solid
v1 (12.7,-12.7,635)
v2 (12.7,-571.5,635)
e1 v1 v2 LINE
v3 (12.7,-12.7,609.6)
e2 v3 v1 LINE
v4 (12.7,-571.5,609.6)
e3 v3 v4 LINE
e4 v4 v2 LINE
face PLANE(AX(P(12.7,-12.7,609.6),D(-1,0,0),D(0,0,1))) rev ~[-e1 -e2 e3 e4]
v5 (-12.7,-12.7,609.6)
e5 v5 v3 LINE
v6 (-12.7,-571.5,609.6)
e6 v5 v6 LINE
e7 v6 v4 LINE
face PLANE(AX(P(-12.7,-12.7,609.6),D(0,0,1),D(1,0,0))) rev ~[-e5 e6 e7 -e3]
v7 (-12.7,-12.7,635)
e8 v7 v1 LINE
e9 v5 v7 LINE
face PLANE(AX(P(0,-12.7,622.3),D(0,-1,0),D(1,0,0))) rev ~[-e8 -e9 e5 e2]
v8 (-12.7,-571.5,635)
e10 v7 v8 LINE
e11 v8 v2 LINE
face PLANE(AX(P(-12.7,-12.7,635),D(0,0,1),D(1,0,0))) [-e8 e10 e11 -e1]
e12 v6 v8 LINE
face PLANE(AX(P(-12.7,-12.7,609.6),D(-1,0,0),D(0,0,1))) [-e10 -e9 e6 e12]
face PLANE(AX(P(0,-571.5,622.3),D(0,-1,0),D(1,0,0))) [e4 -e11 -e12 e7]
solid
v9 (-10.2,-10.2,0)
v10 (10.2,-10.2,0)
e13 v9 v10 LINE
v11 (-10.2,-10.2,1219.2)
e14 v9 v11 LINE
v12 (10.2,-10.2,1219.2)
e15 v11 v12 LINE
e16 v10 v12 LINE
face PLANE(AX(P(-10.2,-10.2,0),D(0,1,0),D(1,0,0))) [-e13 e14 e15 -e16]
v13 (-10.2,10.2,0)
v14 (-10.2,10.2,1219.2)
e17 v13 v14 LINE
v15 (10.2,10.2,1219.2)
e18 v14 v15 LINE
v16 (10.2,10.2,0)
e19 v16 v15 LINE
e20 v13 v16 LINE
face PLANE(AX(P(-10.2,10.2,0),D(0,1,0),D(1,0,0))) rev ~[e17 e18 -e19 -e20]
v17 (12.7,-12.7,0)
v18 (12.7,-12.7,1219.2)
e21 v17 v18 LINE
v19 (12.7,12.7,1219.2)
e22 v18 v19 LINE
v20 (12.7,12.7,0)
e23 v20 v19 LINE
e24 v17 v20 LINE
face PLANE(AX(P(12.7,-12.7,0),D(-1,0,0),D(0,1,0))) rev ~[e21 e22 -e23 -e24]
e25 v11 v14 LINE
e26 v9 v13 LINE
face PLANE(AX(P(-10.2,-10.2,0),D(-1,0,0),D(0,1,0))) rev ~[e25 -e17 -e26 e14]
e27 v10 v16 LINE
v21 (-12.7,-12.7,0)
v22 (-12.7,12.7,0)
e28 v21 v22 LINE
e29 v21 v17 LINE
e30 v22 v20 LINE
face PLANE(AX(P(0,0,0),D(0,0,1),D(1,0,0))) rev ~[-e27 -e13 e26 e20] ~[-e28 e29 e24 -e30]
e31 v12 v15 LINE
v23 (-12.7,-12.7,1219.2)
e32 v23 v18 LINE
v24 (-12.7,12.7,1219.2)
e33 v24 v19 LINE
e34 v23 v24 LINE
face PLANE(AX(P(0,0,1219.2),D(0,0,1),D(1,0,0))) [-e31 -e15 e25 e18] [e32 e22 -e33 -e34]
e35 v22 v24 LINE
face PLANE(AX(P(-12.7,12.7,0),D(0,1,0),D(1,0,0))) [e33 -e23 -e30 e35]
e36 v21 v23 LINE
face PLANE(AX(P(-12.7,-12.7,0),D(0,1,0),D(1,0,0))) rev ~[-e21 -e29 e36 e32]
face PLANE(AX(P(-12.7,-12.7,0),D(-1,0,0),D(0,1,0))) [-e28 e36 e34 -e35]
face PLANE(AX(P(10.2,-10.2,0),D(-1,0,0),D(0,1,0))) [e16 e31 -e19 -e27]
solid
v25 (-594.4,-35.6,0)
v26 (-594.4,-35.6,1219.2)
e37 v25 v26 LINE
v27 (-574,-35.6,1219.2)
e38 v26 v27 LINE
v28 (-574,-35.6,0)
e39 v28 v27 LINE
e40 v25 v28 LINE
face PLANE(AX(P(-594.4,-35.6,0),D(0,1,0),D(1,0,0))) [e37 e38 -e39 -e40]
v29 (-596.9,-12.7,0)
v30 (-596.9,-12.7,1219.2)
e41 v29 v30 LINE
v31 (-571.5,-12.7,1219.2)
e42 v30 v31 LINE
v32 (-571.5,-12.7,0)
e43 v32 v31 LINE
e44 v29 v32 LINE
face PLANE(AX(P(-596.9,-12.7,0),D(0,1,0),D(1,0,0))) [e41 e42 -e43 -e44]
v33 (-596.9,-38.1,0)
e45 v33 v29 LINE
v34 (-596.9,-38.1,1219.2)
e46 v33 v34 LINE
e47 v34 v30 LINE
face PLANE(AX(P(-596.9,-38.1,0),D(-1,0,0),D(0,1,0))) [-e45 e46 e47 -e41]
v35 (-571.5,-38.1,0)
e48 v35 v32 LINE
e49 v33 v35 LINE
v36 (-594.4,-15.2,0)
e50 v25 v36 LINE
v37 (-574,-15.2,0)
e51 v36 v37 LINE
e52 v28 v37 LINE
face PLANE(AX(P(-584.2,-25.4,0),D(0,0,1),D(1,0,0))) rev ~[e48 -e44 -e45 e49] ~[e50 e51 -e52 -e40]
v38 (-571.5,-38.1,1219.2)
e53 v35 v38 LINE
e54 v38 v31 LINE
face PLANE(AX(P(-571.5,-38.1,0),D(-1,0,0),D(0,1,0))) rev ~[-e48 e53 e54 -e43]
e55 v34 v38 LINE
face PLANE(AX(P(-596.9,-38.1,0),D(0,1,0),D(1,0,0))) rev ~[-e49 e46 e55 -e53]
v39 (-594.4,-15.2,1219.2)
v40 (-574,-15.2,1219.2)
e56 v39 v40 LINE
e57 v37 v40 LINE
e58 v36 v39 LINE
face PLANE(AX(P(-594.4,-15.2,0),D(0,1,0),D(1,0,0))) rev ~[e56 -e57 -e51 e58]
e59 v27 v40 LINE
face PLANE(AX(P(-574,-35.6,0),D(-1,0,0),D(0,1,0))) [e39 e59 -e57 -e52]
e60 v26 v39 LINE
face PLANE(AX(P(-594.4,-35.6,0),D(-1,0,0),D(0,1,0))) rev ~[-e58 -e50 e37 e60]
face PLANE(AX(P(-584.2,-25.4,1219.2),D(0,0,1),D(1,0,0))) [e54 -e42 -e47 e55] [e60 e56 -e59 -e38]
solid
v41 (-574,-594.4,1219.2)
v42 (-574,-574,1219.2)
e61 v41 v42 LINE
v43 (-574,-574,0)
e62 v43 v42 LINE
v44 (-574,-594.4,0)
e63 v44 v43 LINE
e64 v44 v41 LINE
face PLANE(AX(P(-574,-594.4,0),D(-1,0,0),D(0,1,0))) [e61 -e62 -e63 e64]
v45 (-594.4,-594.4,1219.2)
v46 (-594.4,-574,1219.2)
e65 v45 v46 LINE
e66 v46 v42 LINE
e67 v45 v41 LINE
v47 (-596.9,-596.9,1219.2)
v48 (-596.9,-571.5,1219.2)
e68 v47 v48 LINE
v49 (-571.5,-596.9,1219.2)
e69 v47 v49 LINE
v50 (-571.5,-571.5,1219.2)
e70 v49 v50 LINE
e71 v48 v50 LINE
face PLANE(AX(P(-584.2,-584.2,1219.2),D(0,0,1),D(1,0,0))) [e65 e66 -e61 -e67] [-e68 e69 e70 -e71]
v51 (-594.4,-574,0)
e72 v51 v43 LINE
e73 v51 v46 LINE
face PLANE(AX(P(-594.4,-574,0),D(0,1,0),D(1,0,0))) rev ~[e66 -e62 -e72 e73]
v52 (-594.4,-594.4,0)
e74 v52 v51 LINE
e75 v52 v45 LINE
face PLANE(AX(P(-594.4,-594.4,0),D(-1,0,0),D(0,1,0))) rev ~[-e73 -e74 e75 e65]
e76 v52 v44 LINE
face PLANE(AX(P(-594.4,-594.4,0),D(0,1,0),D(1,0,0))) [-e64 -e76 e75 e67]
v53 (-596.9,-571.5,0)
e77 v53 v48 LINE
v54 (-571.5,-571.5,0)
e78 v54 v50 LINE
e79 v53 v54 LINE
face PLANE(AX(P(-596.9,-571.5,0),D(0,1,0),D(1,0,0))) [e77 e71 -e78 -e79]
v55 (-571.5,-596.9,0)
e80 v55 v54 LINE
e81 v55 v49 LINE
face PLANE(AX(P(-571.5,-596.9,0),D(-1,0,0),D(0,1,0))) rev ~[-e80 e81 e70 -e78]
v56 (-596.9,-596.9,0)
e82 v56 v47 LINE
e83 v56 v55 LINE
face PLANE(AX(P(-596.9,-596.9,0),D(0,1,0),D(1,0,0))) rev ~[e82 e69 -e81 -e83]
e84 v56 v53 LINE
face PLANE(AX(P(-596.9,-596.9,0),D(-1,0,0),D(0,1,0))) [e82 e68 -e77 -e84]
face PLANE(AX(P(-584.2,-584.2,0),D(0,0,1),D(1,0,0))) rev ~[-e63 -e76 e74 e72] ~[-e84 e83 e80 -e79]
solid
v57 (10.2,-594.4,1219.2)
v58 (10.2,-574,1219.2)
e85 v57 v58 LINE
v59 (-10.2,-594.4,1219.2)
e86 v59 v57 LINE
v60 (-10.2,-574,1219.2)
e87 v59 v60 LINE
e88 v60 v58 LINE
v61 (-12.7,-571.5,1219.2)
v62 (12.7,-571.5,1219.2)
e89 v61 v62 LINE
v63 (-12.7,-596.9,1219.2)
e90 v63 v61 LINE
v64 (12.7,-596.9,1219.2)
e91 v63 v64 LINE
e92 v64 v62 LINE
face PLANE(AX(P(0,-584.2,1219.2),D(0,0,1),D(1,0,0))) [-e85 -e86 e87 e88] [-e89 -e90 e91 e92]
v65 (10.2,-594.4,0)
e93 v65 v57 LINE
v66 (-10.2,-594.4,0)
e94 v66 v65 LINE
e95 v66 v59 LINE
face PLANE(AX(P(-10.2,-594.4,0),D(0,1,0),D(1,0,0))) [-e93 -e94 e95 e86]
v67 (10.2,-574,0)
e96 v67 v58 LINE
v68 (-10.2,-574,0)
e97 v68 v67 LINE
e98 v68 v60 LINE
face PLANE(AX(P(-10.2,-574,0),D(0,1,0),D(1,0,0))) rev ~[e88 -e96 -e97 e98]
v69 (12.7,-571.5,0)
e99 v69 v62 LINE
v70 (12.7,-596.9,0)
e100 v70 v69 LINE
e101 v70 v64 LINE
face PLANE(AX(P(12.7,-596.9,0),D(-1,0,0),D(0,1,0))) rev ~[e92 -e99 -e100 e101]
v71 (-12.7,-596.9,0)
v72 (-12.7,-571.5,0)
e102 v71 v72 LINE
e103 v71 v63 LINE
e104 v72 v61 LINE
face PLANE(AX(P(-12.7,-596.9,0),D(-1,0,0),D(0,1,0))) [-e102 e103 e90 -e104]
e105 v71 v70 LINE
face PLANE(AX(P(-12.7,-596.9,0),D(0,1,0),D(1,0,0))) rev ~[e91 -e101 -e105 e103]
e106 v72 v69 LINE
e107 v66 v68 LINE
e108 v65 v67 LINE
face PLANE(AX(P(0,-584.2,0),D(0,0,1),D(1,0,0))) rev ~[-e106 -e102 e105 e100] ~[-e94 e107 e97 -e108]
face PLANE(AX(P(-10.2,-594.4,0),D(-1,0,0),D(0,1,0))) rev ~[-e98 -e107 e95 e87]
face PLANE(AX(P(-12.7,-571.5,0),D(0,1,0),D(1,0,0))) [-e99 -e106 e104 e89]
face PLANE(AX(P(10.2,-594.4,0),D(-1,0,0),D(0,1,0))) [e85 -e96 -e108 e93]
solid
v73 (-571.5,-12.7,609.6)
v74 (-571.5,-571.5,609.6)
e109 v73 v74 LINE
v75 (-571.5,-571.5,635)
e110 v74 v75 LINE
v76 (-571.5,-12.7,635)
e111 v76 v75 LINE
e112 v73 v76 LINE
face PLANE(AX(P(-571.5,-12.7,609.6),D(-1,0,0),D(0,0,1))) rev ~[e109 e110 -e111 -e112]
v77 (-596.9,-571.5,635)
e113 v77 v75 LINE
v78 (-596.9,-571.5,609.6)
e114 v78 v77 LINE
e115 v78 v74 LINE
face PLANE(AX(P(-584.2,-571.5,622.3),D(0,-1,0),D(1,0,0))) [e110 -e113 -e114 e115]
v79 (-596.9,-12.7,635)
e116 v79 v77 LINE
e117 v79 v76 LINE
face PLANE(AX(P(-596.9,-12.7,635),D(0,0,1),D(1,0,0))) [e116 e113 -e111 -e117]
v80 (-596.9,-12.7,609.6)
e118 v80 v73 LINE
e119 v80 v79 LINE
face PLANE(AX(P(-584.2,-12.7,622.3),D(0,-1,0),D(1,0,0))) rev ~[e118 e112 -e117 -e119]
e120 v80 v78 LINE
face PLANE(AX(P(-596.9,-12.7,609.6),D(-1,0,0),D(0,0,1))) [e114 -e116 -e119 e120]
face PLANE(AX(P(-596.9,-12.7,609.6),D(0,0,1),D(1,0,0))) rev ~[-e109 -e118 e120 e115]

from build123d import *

# Parameters (mm, degrees)
F0_W     = 25.4
F0_H     = 25.4
F0_W_2   = 20.4
F0_H_2   = 20.4
F1_DEPTH = 1219.2
F2_W     = 25.4
F2_H     = 25.4
F3_DEPTH = 558.8


with BuildPart() as f1:
    # F0 (on Top) → F1 (new body)
    with BuildSketch(Plane.XY):
        with Locations((-584.2, -25.4)):
            Rectangle(F0_W, F0_H)
        with Locations((-584.2, -25.4)):
            Rectangle(F0_W_2, F0_H_2, mode=Mode.SUBTRACT)
        with Locations((-584.2, -584.2)):
            Rectangle(F0_W, F0_H)
        with Locations((-584.2, -584.2)):
            Rectangle(F0_W_2, F0_H_2, mode=Mode.SUBTRACT)
        with Locations((0, -584.2)):
            Rectangle(F0_W, F0_H)
        with Locations((0, -584.2)):
            Rectangle(F0_W_2, F0_H_2, mode=Mode.SUBTRACT)
        Rectangle(F0_W, F0_H)
        Rectangle(F0_W_2, F0_H_2, mode=Mode.SUBTRACT)
    extrude(amount=F1_DEPTH)


with BuildPart() as f3:
    # F2 (on face) → F3 (new body)
    with BuildSketch(Plane.XZ.offset(12.7)):
        with Locations((0, 622.3)):
            Rectangle(F2_W, F2_H)
        with Locations((-584.2, 622.3)):
            Rectangle(F2_W, F2_H)
    extrude(amount=F3_DEPTH)


solid = Compound([f1.part, f3.part])
